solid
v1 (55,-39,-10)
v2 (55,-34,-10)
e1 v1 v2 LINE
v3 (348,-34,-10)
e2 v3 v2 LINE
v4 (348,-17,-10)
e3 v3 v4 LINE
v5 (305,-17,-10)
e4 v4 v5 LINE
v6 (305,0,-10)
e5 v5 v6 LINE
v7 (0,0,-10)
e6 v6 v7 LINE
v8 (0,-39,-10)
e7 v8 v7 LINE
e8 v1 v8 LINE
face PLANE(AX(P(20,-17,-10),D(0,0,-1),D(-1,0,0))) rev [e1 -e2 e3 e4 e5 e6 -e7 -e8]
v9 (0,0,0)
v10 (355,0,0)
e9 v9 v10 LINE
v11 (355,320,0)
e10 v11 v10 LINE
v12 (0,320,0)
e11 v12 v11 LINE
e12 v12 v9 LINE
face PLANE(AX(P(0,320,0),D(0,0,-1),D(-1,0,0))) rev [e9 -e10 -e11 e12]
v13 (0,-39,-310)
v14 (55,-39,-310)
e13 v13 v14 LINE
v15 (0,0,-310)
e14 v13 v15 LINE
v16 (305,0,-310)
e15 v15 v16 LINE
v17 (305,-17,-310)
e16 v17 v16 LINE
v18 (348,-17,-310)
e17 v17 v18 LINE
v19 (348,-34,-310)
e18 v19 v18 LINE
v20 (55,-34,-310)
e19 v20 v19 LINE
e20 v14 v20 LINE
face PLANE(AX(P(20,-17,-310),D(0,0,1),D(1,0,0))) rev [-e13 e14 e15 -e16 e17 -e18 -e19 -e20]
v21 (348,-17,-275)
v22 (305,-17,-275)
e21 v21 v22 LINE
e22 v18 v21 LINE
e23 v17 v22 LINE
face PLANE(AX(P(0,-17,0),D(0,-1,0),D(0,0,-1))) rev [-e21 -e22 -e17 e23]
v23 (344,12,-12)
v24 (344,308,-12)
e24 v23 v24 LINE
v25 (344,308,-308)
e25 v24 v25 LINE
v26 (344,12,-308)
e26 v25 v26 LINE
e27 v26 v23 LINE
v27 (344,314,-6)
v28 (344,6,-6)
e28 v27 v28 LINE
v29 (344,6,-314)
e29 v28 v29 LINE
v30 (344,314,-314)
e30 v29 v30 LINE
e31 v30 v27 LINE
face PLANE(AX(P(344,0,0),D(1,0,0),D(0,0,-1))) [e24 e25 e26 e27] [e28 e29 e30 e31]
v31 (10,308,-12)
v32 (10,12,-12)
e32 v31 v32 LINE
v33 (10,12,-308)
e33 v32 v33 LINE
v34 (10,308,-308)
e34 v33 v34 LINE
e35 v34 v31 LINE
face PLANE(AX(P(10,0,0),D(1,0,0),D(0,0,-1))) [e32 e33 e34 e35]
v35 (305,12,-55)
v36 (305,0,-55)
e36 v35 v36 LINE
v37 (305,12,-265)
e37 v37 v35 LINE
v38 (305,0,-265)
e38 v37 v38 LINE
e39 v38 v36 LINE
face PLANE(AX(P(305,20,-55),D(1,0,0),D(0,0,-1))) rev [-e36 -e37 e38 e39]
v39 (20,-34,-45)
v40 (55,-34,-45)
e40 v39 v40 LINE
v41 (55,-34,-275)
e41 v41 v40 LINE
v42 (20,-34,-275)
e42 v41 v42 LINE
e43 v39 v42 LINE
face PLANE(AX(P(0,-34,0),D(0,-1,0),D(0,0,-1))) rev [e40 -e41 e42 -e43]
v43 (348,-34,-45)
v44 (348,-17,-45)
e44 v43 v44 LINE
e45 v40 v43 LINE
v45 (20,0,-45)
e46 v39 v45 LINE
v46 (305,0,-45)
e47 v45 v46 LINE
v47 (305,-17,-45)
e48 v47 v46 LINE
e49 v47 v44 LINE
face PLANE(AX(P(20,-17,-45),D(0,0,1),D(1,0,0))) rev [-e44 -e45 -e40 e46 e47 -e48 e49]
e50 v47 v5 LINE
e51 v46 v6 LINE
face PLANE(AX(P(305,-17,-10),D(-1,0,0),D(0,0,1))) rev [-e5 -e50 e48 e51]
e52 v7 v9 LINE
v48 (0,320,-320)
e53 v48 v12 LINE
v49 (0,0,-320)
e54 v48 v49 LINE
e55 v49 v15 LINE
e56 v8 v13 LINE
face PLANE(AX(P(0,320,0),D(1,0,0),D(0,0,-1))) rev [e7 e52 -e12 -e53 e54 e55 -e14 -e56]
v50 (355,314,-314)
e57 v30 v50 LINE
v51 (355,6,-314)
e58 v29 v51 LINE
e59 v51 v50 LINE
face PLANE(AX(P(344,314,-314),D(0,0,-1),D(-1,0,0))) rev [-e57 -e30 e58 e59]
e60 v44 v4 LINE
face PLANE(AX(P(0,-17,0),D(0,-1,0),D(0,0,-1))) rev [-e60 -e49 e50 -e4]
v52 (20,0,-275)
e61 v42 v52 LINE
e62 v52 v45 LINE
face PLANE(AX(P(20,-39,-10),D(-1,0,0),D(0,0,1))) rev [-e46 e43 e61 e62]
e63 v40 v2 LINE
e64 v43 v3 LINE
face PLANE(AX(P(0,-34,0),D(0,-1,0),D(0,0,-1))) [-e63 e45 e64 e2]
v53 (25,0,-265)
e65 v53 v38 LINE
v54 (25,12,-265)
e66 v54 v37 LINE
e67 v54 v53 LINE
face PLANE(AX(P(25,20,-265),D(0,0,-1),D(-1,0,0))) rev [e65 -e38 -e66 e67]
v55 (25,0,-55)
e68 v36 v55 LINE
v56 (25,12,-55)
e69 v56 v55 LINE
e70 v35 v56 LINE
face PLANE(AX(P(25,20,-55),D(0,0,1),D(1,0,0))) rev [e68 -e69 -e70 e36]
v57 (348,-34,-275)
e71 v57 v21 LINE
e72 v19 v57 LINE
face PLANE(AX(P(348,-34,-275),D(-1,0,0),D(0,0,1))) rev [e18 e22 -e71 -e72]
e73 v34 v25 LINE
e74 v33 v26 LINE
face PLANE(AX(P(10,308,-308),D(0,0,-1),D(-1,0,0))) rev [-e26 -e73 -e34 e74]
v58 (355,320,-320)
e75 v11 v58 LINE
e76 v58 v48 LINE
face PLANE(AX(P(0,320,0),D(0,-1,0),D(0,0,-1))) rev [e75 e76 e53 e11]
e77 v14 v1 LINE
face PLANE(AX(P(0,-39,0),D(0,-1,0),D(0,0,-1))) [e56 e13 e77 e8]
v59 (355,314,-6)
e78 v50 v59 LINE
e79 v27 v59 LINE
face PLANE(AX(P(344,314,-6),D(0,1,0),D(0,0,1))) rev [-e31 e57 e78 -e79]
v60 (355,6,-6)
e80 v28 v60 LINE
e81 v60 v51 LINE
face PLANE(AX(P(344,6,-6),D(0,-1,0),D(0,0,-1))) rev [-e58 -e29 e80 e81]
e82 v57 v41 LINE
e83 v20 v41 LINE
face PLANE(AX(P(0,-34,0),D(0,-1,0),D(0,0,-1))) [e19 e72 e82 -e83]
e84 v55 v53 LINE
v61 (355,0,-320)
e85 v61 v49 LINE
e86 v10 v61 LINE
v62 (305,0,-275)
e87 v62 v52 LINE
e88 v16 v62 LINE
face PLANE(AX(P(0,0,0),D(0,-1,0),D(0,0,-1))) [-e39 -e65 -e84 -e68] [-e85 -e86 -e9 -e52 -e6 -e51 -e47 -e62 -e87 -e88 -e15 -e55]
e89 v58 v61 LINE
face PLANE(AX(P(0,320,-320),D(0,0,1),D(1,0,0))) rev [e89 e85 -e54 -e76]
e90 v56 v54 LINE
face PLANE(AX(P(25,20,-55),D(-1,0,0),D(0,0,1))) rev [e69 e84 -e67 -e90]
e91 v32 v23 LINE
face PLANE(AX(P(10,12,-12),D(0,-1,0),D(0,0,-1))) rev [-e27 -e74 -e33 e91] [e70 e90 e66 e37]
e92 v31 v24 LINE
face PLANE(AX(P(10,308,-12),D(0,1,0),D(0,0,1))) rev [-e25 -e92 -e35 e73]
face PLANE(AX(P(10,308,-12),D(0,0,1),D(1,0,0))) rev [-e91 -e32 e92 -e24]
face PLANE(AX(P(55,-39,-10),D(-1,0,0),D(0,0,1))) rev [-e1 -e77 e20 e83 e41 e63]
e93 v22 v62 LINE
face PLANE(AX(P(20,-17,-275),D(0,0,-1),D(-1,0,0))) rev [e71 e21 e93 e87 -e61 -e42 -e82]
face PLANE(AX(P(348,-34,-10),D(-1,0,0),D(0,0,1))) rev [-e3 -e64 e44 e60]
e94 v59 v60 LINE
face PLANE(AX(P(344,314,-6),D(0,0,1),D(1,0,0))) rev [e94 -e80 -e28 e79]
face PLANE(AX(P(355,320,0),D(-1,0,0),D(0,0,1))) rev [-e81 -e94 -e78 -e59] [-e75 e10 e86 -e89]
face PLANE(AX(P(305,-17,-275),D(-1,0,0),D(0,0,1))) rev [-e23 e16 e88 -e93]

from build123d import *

# Parameters (mm, degrees)
SKETCH1_W            = 355
SKETCH1_H            = 320
BOSS_EXTRUDE1_DEPTH  = 320
SKETCH9_W            = 296
SKETCH9_H            = 296
CUT_EXTRUDE3_DEPTH   = 345
SKETCH10_W           = 308
SKETCH10_H           = 308
CUT_EXTRUDE4_DEPTH   = 11
SKETCH11_W           = 280
SKETCH11_H           = 210
CUT_EXTRUDE5_DEPTH   = 20
SKETCH12_W           = 285
SKETCH12_H           = 35
BOSS_EXTRUDE4_DEPTH  = 17
SKETCH14_W           = 285
SKETCH14_H           = 35
BOSS_EXTRUDE5_DEPTH  = 17
SKETCH15_W           = 328
SKETCH15_H           = 35
BOSS_EXTRUDE6_DEPTH  = 17
SKETCH16_W           = 35
SKETCH16_H           = 300
BOSS_EXTRUDE7_DEPTH  = 5
SKETCH18_W           = 20
SKETCH18_H           = 300
BOSS_EXTRUDE10_DEPTH = 39


with BuildPart() as part:
    # Sketch1 → Boss-Extrude1 (new body)
    with BuildSketch(Plane(origin=(0, 0, 0), x_dir=(1, 0, 0), z_dir=(0, 1, 0))):
        with Locations((177.5, 160)):
            Rectangle(SKETCH1_W, SKETCH1_H)
    extrude(amount=BOSS_EXTRUDE1_DEPTH)

    # Sketch9 → Cut-Extrude3 (cut)
    with BuildSketch(Plane(origin=(355, 0, 0), x_dir=(0, 0, -1), z_dir=(1, 0, 0))):
        with Locations((160, 160)):
            Rectangle(SKETCH9_W, SKETCH9_H)
    extrude(amount=-CUT_EXTRUDE3_DEPTH, mode=Mode.SUBTRACT)

    # Sketch10 → Cut-Extrude4 (cut)
    with BuildSketch(Plane(origin=(355, 0, 0), x_dir=(0, 0, -1), z_dir=(1, 0, 0))):
        with Locations((160, 160)):
            Rectangle(SKETCH10_W, SKETCH10_H)
    extrude(amount=-CUT_EXTRUDE4_DEPTH, mode=Mode.SUBTRACT)

    # Sketch11 → Cut-Extrude5 (cut)
    with BuildSketch(Plane.XZ):
        with Locations((165, -160)):
            Rectangle(SKETCH11_W, SKETCH11_H)
    extrude(amount=-CUT_EXTRUDE5_DEPTH, mode=Mode.SUBTRACT)

    # Sketch12 → Boss-Extrude4 (add)
    with BuildSketch(Plane.XZ):
        with Locations((162.5, -27.5)):
            Rectangle(SKETCH12_W, SKETCH12_H)
    extrude(amount=BOSS_EXTRUDE4_DEPTH)

    # Sketch14 → Boss-Extrude5 (add)
    with BuildSketch(Plane.XZ):
        with Locations((162.5, -292.5)):
            Rectangle(SKETCH14_W, SKETCH14_H)
    extrude(amount=BOSS_EXTRUDE5_DEPTH)

    # Sketch15 → Boss-Extrude6 (add)
    with BuildSketch(Plane.XZ.offset(17)):
        with Locations((184, -27.5)):
            Rectangle(SKETCH15_W, SKETCH15_H)
        with Locations((184, -292.5)):
            Rectangle(SKETCH15_W, SKETCH15_H)
    extrude(amount=BOSS_EXTRUDE6_DEPTH)

    # Sketch16 → Boss-Extrude7 (add)
    with BuildSketch(Plane.XZ.offset(34)):
        with Locations((37.5, -160)):
            Rectangle(SKETCH16_W, SKETCH16_H)
    extrude(amount=BOSS_EXTRUDE7_DEPTH)

    # Sketch18 → Boss-Extrude10 (add)
    with BuildSketch(Plane.XZ):
        with Locations((10, -160)):
            Rectangle(SKETCH18_W, SKETCH18_H)
    extrude(amount=BOSS_EXTRUDE10_DEPTH)


solid = part.part
